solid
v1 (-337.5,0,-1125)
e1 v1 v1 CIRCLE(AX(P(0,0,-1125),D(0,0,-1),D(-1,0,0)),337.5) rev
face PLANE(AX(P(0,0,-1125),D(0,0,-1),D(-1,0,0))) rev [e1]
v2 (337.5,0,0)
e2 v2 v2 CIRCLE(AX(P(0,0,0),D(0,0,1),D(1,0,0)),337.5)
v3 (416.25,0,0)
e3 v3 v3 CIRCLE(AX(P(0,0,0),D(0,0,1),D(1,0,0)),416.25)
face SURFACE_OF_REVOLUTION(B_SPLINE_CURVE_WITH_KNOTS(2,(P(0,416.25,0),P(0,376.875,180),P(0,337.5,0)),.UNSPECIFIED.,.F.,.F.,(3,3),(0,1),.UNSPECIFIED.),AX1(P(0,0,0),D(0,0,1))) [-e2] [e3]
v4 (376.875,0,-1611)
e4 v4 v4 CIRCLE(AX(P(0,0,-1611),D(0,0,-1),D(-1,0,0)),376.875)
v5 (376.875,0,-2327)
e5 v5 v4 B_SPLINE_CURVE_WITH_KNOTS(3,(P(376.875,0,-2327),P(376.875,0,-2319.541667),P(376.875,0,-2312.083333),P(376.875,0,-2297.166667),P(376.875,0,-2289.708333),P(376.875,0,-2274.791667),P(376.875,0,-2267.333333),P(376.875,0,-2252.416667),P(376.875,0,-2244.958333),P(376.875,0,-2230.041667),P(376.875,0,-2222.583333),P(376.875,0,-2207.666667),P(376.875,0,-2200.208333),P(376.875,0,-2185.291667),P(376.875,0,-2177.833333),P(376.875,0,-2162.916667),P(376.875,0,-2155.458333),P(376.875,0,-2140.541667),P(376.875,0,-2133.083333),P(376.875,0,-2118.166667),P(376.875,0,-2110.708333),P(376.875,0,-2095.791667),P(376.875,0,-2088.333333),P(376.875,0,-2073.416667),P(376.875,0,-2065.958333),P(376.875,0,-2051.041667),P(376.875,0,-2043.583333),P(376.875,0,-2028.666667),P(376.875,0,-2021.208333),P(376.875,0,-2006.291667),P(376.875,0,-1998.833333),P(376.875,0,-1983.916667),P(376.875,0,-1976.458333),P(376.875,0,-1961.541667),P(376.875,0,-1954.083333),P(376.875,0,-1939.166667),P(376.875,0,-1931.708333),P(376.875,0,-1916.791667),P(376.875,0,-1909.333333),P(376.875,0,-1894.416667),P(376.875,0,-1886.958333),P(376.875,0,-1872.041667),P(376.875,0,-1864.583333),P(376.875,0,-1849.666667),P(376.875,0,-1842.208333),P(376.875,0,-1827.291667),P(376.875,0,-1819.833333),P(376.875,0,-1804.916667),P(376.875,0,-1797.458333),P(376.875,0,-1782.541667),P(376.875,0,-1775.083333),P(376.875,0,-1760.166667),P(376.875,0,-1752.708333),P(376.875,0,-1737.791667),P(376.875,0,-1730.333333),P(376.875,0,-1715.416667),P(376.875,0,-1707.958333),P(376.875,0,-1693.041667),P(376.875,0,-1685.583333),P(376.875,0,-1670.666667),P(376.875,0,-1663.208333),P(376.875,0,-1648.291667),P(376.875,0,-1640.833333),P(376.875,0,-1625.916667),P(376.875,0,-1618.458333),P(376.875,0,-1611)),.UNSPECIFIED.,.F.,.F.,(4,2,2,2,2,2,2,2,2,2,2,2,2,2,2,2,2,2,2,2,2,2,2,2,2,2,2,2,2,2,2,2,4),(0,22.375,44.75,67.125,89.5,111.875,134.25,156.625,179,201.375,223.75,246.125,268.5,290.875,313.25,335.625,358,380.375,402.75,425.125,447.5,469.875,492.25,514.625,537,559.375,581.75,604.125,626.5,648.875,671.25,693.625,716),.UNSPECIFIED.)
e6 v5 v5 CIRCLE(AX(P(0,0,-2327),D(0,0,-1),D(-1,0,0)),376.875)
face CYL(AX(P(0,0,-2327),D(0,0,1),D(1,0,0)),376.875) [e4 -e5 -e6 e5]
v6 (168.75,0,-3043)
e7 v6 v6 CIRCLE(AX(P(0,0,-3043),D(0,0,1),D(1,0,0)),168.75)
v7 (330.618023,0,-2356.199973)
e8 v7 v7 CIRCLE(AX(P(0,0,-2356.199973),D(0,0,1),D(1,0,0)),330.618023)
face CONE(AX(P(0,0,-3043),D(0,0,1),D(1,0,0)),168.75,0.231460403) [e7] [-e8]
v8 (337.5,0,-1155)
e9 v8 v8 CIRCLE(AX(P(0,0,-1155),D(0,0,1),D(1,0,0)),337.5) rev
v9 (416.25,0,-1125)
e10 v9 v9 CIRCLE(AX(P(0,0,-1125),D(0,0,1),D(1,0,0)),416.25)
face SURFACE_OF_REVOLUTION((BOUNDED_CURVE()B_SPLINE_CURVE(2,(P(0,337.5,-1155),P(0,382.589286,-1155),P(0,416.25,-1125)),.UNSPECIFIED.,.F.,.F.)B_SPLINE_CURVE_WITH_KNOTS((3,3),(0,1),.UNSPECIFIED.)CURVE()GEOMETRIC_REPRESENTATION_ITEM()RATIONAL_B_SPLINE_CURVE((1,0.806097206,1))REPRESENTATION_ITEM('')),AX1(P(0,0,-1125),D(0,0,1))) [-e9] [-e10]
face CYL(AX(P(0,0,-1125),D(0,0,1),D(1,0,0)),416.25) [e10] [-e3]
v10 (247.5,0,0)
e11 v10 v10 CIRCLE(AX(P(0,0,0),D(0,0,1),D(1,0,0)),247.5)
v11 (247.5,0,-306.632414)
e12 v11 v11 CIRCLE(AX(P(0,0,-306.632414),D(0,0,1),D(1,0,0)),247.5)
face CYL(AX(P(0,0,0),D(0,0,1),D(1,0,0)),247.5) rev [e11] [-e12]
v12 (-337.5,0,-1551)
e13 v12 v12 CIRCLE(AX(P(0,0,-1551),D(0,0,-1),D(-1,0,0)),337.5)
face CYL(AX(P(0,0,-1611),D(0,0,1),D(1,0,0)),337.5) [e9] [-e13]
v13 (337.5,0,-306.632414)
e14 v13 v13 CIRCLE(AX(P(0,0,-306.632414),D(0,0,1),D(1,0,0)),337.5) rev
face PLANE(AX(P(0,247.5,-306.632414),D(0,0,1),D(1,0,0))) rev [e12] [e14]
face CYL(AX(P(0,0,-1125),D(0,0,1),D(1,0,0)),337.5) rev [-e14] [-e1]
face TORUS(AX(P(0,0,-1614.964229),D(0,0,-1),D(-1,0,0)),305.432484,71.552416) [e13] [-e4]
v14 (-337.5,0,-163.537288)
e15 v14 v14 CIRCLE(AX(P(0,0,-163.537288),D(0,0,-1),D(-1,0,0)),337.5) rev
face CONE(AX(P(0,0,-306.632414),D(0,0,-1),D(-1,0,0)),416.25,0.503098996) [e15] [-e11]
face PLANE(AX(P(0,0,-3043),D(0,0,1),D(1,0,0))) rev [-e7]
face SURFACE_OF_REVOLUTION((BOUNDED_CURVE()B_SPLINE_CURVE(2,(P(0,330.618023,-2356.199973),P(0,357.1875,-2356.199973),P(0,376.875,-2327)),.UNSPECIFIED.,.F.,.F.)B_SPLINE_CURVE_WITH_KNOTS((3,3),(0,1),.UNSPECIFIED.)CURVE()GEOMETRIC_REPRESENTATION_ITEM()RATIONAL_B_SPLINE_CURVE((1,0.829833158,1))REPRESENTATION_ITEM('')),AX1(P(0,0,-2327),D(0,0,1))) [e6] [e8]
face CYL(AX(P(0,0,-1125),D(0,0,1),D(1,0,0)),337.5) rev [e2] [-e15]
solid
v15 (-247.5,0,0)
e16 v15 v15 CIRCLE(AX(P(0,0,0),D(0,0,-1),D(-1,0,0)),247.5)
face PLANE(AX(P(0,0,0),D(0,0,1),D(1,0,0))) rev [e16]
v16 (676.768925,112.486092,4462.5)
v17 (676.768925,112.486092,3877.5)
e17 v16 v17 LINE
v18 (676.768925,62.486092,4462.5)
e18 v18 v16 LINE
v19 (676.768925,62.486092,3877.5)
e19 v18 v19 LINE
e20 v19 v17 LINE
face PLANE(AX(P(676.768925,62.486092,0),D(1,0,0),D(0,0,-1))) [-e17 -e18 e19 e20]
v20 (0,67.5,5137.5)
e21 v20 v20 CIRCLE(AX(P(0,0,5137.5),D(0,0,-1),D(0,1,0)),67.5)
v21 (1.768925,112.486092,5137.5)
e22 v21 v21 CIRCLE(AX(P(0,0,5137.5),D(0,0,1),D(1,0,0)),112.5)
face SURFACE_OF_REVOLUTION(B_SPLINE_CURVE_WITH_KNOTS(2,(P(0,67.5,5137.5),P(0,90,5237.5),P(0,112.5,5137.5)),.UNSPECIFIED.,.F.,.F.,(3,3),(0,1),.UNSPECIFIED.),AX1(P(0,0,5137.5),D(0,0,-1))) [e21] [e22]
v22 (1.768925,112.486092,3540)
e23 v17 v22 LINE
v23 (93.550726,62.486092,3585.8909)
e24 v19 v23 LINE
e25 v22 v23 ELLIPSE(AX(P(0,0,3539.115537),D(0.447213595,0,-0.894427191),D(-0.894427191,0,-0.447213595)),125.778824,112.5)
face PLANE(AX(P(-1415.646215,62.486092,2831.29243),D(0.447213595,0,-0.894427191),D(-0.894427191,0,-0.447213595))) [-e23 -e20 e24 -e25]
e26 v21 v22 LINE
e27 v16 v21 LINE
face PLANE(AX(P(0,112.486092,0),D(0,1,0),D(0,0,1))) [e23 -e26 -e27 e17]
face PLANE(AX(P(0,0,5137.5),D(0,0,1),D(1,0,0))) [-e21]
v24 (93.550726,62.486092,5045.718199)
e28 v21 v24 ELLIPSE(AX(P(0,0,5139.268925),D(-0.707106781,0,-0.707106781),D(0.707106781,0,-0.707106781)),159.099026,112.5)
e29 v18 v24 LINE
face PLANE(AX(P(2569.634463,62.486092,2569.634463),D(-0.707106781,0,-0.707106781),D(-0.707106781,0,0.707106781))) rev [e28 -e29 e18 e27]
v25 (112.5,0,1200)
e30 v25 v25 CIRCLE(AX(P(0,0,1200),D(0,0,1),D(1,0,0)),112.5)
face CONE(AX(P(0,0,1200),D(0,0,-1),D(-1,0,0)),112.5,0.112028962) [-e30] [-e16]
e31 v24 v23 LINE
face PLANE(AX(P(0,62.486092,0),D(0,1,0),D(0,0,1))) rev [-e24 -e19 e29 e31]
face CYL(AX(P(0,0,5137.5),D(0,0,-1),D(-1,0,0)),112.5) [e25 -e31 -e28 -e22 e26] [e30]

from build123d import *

# Parameters (mm, degrees)
SKETCH1_R           = 416.25
SKETCH1_R_2         = 337.5
BOSS_EXTRUDE1_DEPTH = 1125
SKETCH5_R           = 112.5
BOSS_EXTRUDE2_DEPTH = 3937.5
SKETCH15_R          = 337.5
BOSS_EXTRUDE5_DEPTH = 486
SKETCH16_R          = 376.875
BOSS_EXTRUDE6_DEPTH = 716
BOSS_EXTRUDE7_DEPTH = 50


with BuildPart() as part:
    # Sketch1 → Boss-Extrude1 (new body)
    with BuildSketch(Plane.XY):
        Circle(SKETCH1_R)
        Circle(SKETCH1_R_2, mode=Mode.SUBTRACT)
    extrude(amount=-BOSS_EXTRUDE1_DEPTH)

    # Sketch2 → Revolve1 (revolve)
    with BuildSketch(Plane(origin=(0, 0, 0), x_dir=(0, 0, -1), z_dir=(1, 0, 0))):
        with BuildLine():
            Line((0, 416.25), (0, 337.5))
            add(Edge.make_bspline(
                [(0, 337.5), (-180, 376.875), (0, 416.25)],
                knots=[0, 0, 0, 1, 1, 1], degree=2))
        make_face()
    revolve(axis=Axis((0, 0, 0), (0, 0, -1)))

    # Sketch18 → Revolve6 (revolve)
    with BuildSketch(Plane(origin=(0, 0, 0), x_dir=(0, 0, -1), z_dir=(1, 0, 0)), mode=Mode.PRIVATE) as revolve6_sk:
        Polygon((0, 247.5), (306.632414301, 416.25), (306.632414301, 247.5), align=None)
    revolve(revolve6_sk.sketch.rotate(Axis((0, 0, 0), (0, 0, -1)), 90), axis=Axis((0, 0, 0), (0, 0, -1)))



with BuildPart() as body_2:
    # Sketch4 → Revolve2 (revolve)
    with BuildSketch(Plane(origin=(0, 0, 0), x_dir=(1, 0, 0), z_dir=(0, 1, 0)), mode=Mode.PRIVATE) as revolve2_sk:
        Polygon((0, 0), (0, -1200), (112.5, -1200), (247.5, 0), align=None)
    revolve(revolve2_sk.sketch.rotate(Axis((0, 0, 0), (0, 0, 1)), 180), axis=Axis((0, 0, 0), (0, 0, 1)))

    # Sketch5 → Boss-Extrude2 (add)
    with BuildSketch(Plane.XY.offset(1200)):
        Circle(SKETCH5_R)
    extrude(amount=BOSS_EXTRUDE2_DEPTH)

    # Sketch14 → Revolve4 (revolve)
    with BuildSketch(Plane(origin=(0, 0, 0), x_dir=(0, 0, -1), z_dir=(1, 0, 0))):
        with BuildLine():
            add(Edge.make_bspline(
                [(-5137.5, 67.5), (-5237.5, 90), (-5137.5, 112.5)],
                knots=[0, 0, 0, 1, 1, 1], degree=2))
            Line((-5137.5, 112.5), (-5137.5, 67.5))
        make_face()
    revolve(axis=Axis((0, 0, 5137.5), (0, 0, 1)))

    # Sketch22 → Boss-Extrude7 (add)
    with BuildSketch(Plane(origin=(0, 112.486092048, 0), x_dir=(1, 0, 0), z_dir=(0, 1, 0))):
        Polygon((676.768925034, -4462.5), (1.768925034, -5137.5), (1.768925034, -3540), (676.768925034, -3877.5), align=None)
    extrude(amount=-BOSS_EXTRUDE7_DEPTH)


with BuildPart() as body_3:
    # Sketch15 → Boss-Extrude5 (new body)
    with BuildSketch(Plane(origin=(0, 0, -1125), x_dir=(-1, 0, 0), z_dir=(0, 0, -1))):
        with Locations(Location((0, 0, 0), (0, 0, 180))):
            Circle(SKETCH15_R)
    extrude(amount=BOSS_EXTRUDE5_DEPTH)

    # Sketch16 → Boss-Extrude6 (add)
    with BuildSketch(Plane(origin=(0, 0, -1611), x_dir=(-1, 0, 0), z_dir=(0, 0, -1))):
        with Locations(Location((0, 0, 0), (0, 0, 180))):
            Circle(SKETCH16_R)
    extrude(amount=BOSS_EXTRUDE6_DEPTH)

    # Sketch17 → Revolve5 (revolve)
    with BuildSketch(Plane(origin=(0, 0, 0), x_dir=(0, 0, -1), z_dir=(1, 0, 0)), mode=Mode.PRIVATE) as revolve5_sk:
        Polygon((2327, 0), (3043, 0), (3043, 168.75), (2327, 337.5), align=None)
    revolve(revolve5_sk.sketch.rotate(Axis((0, 0, -2327), (0, 0, -1)), 270), axis=Axis((0, 0, -2327), (0, 0, -1)))

    # Sketch19 → Revolve9 (revolve)
    with BuildSketch(Plane(origin=(0, 0, 0), x_dir=(0, 0, -1), z_dir=(1, 0, 0)), mode=Mode.PRIVATE) as revolve9_sk:
        with BuildLine():
            Line((1611, 337.5), (1551, 337.5))
            ThreePointArc((1551, 337.5), (1575.706535425, 365.253731733), (1611, 376.875))
            Line((1611, 376.875), (1611, 337.5))
        make_face()
    revolve(revolve9_sk.sketch.rotate(Axis((0, 0, -1611), (0, 0, 1)), 90), axis=Axis((0, 0, -1611), (0, 0, 1)))


with BuildPart() as part_1:
    add(part.part)

    add(body_3.part)  # Revolve11 merges body 3
    # Sketch20 → Revolve11 (revolve)
    with BuildSketch(Plane(origin=(0, 0, 0), x_dir=(0, 0, -1), z_dir=(1, 0, 0)), mode=Mode.PRIVATE) as revolve11_sk:
        with BuildLine():
            Line((1125, 337.5), (1125, 416.25))
            add(Edge.make_bspline(
                [(1155, 337.5), (1155, 382.589285714), (1125, 416.25)],
                knots=[0, 0, 0, 1, 1, 1], degree=2, weights=[1, 0.806097206, 1]))
            Line((1155, 337.5), (1125, 337.5))
        make_face()
    revolve(revolve11_sk.sketch.rotate(Axis((0, 0, -1125), (0, 0, -1)), 90), axis=Axis((0, 0, -1125), (0, 0, -1)))

    # Sketch21 → Revolve12 (revolve)
    with BuildSketch(Plane(origin=(0, 0, 0), x_dir=(0, 0, -1), z_dir=(1, 0, 0)), mode=Mode.PRIVATE) as revolve12_sk:
        with BuildLine():
            Line((2327, 337.5), (2327, 376.875))
            add(Edge.make_bspline(
                [(2327, 376.875), (2356.199972531, 357.1875), (2356.199972531, 330.618023234)],
                knots=[0, 0, 0, 1, 1, 1], degree=2, weights=[1, 0.829833158, 1]))
            Line((2356.199972531, 330.618023234), (2327, 337.5))
        make_face()
    revolve(revolve12_sk.sketch.rotate(Axis((0, 0, -2327), (0, 0, -1)), 90), axis=Axis((0, 0, -2327), (0, 0, -1)))


solid = Compound([body_2.part, part_1.part])
